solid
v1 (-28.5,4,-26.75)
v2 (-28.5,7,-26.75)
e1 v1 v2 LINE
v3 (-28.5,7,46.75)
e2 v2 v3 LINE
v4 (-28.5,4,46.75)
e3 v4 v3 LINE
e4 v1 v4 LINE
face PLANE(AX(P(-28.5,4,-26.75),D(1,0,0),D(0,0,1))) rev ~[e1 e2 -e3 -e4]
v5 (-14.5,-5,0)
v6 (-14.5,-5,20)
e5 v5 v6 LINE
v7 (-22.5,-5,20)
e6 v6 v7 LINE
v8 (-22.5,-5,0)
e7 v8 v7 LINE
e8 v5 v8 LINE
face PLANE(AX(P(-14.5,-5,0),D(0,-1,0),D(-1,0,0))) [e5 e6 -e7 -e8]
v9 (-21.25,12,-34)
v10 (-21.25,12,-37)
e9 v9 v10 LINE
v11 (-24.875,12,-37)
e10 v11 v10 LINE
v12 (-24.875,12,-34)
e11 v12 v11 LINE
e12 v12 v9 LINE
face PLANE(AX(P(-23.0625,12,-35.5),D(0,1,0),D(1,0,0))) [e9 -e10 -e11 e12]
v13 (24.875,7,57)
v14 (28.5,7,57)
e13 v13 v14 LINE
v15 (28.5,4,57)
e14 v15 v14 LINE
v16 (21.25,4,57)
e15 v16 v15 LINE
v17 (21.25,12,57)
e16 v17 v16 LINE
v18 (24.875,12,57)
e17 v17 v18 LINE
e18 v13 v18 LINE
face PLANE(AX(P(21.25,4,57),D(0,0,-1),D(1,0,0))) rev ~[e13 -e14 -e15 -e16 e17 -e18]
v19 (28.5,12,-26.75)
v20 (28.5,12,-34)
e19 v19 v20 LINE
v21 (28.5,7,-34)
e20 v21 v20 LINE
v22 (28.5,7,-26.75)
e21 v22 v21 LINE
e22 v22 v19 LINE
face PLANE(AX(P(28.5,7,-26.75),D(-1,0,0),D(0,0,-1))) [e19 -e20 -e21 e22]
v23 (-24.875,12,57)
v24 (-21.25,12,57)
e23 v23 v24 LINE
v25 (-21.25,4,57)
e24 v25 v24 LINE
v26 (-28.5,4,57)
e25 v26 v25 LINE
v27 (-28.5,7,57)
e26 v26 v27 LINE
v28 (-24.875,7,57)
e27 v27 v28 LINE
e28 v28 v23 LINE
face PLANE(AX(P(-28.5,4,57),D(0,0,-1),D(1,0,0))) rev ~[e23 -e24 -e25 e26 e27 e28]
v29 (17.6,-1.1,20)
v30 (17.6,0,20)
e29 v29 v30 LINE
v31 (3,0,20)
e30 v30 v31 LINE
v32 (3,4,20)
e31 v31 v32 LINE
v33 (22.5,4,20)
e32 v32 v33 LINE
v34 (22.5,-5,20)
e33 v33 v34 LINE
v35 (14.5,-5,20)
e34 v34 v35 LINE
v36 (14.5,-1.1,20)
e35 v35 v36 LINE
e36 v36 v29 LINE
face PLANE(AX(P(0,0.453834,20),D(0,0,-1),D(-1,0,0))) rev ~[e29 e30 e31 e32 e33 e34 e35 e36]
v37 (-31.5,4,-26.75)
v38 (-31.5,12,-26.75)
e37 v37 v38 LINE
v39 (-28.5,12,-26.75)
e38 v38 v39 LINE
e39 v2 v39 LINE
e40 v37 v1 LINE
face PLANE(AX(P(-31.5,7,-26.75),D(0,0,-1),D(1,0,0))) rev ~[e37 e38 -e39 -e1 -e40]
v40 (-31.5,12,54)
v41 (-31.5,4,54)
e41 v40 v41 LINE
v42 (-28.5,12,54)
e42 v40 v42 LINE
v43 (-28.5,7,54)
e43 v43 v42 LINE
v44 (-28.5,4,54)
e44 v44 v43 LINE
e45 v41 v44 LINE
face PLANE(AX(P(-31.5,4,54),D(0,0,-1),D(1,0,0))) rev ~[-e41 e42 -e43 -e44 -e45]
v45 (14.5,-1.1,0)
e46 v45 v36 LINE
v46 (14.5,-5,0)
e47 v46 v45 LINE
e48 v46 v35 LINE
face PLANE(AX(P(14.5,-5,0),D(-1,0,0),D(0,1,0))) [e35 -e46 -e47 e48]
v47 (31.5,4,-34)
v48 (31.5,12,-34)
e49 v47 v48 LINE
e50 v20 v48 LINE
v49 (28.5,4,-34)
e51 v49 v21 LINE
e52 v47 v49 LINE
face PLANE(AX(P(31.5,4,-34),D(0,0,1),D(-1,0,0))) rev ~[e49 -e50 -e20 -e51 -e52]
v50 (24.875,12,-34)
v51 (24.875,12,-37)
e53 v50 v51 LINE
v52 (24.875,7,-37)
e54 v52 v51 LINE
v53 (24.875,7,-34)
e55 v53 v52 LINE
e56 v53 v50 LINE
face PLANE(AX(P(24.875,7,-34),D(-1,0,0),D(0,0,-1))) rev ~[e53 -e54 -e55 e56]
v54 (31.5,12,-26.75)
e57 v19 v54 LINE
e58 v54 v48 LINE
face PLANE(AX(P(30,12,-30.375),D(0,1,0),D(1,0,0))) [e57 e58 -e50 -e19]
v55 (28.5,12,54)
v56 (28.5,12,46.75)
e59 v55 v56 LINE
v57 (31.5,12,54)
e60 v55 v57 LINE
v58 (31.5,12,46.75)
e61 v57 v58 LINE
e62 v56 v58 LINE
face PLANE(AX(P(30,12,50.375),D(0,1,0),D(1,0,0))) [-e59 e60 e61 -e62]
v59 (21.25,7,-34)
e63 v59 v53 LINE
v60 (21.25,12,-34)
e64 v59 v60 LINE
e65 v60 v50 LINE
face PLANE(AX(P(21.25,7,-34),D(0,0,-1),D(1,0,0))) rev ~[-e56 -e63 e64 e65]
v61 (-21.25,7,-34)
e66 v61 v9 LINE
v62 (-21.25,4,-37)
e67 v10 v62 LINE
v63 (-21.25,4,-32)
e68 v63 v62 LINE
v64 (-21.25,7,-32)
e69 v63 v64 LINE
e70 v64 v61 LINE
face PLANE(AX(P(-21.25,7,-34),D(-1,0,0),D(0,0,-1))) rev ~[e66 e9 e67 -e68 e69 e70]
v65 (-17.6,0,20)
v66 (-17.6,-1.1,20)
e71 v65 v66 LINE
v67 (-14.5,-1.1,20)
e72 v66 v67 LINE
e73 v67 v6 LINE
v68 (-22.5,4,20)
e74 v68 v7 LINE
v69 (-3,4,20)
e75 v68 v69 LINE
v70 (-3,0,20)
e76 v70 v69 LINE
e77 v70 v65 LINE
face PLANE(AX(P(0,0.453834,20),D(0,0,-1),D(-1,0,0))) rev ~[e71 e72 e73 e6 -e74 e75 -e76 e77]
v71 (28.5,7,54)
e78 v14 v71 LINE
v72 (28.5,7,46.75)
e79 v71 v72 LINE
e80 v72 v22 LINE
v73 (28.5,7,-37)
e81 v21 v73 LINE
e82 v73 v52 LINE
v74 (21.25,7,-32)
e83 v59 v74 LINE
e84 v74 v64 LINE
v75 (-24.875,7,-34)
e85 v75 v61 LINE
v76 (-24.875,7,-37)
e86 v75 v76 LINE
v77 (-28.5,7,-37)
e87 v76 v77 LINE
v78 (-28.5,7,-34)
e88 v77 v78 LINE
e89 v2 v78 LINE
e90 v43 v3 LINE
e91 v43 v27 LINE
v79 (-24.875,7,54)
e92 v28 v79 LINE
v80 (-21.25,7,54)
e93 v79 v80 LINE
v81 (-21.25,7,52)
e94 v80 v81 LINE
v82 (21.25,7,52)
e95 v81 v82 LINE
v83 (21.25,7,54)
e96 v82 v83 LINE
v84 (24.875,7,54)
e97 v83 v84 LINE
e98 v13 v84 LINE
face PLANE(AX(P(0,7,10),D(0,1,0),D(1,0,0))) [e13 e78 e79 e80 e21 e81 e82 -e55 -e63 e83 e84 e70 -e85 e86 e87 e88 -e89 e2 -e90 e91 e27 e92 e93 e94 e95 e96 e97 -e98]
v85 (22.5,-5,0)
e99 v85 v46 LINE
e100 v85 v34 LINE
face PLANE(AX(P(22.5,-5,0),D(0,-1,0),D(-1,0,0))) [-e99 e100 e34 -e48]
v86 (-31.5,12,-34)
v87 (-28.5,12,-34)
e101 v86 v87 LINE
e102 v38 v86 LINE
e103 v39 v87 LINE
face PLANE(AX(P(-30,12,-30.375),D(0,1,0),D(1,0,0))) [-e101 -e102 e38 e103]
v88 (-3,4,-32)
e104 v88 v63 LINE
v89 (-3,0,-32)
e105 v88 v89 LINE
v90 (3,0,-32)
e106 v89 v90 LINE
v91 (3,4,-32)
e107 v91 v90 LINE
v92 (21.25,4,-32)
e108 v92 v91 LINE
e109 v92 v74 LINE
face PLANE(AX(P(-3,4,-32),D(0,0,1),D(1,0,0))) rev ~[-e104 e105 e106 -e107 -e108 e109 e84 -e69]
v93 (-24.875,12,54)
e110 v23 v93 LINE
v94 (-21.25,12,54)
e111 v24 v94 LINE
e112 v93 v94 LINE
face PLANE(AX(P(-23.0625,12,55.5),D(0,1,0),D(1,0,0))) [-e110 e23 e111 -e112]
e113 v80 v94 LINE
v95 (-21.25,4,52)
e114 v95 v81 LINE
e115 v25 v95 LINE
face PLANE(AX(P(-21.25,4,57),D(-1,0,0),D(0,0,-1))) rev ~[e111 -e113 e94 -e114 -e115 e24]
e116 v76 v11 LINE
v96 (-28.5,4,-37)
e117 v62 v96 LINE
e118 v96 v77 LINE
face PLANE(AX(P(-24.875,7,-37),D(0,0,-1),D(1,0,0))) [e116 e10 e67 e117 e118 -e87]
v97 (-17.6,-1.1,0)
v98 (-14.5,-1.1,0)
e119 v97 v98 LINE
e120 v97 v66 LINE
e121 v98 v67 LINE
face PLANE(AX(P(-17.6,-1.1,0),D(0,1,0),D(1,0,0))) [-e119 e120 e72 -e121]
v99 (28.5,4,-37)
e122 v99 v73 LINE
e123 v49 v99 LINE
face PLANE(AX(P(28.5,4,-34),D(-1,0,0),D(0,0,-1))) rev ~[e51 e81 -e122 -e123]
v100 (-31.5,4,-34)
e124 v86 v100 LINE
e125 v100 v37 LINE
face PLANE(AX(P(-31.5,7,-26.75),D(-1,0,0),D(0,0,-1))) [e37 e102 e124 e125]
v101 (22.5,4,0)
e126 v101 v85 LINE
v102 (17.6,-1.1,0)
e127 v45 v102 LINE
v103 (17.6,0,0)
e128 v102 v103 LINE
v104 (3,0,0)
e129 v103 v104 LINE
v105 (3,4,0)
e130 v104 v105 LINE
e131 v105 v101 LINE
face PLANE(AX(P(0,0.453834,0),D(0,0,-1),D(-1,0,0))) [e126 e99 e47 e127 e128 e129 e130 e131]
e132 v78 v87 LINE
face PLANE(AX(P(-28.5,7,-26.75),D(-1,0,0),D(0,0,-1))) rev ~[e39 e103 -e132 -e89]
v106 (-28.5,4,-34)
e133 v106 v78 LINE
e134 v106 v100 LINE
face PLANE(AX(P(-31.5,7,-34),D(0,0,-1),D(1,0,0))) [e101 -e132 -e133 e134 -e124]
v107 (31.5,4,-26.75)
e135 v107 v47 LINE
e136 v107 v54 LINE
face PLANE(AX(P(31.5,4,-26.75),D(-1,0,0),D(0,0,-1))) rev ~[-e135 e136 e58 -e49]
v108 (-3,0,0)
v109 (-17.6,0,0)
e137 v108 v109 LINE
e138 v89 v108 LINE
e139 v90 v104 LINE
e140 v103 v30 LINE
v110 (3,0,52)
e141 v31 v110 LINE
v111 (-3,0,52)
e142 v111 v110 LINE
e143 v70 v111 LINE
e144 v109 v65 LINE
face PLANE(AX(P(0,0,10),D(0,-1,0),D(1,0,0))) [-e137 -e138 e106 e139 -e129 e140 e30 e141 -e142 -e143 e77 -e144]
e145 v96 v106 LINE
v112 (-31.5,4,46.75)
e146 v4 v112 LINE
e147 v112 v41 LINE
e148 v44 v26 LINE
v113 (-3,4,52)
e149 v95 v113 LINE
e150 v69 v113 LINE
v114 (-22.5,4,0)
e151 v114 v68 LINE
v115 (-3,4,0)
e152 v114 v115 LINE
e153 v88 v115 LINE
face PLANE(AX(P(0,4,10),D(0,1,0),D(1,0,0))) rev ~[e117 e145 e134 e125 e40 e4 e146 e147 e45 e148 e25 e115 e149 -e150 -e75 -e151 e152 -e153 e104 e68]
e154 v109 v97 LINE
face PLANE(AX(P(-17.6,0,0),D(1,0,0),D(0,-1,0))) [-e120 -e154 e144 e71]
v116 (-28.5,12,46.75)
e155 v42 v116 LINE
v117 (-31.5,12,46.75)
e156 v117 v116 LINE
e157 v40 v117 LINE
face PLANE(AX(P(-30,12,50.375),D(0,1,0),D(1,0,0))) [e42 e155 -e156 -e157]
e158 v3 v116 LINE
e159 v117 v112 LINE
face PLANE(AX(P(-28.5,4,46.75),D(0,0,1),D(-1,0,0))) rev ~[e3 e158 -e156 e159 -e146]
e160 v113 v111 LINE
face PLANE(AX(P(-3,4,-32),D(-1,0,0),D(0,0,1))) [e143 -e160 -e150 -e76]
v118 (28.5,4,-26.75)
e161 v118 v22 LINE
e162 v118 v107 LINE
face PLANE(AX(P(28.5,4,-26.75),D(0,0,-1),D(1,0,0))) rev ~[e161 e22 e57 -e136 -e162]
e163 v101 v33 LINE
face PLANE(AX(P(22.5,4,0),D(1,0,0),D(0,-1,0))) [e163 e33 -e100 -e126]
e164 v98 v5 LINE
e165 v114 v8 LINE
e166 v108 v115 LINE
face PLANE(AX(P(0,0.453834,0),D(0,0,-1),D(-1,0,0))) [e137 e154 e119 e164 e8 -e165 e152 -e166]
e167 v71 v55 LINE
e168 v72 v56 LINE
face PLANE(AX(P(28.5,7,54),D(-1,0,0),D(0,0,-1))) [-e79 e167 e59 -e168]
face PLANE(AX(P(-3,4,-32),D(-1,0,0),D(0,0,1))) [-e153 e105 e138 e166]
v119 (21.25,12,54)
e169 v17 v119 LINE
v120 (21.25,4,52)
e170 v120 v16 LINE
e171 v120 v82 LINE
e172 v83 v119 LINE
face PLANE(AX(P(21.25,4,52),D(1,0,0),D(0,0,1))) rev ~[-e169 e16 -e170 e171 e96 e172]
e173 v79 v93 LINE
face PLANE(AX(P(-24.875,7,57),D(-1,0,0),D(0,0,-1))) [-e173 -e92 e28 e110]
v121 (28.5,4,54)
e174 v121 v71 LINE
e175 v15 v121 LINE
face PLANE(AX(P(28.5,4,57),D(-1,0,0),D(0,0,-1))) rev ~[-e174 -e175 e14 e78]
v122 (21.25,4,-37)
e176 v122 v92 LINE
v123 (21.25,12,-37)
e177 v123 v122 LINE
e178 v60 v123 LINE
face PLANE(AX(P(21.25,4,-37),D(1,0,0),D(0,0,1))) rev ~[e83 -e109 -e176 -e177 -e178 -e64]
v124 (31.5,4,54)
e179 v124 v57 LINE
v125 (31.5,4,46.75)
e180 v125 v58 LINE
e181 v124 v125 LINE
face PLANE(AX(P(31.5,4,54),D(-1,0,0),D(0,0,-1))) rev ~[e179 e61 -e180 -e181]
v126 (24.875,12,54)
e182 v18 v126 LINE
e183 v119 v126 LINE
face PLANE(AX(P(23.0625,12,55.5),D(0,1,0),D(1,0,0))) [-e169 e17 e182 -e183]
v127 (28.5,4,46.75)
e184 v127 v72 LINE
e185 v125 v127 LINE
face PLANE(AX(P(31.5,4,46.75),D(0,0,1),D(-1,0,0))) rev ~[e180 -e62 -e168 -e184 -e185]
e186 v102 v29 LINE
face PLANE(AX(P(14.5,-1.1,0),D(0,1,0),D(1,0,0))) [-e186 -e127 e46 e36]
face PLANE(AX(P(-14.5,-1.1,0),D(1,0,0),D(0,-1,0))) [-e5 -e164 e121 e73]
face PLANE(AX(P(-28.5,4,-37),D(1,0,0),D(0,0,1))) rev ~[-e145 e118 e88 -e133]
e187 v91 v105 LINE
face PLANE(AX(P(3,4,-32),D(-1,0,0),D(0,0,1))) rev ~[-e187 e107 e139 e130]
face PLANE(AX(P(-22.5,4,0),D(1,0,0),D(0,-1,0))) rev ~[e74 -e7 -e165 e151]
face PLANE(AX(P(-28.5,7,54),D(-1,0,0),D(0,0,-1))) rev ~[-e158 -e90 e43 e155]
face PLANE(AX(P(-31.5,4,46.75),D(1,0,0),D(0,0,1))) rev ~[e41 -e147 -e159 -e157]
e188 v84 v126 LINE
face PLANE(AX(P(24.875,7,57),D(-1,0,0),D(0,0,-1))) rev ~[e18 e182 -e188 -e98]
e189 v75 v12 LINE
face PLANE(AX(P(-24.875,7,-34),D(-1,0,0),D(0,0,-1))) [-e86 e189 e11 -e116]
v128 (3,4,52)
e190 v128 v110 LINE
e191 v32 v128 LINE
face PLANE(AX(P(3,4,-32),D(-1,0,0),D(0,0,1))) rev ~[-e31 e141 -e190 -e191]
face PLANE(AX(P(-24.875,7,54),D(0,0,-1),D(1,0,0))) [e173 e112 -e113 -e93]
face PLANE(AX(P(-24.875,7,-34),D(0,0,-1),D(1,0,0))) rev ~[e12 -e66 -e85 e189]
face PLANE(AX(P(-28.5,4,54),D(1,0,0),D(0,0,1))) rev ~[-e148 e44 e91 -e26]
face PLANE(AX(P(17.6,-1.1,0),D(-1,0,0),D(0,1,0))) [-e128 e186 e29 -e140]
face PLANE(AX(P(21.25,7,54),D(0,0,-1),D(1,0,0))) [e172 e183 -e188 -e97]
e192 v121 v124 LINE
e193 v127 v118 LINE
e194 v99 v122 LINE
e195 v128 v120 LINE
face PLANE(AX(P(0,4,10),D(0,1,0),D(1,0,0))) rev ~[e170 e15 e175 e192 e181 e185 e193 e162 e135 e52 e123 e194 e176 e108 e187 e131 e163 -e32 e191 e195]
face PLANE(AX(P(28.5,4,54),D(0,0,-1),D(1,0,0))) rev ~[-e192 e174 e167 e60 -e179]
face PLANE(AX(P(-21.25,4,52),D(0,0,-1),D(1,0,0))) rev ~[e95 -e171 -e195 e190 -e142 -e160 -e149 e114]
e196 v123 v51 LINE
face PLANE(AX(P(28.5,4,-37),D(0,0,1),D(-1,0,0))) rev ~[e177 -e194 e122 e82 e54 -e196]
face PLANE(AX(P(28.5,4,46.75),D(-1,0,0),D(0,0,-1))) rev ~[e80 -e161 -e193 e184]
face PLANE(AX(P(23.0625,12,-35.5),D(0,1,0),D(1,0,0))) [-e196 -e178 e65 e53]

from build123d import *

# Parameters (mm, degrees)
BOSS_EXTRUDE1_DEPTH = 20
BOSS_EXTRUDE2_DEPTH = 3
SKETCH4_W           = 3
SKETCH4_H           = 7.25
BOSS_EXTRUDE3_DEPTH = 5
SKETCH5_W           = 3.625
SKETCH5_H           = 3
BOSS_EXTRUDE4_DEPTH = 5
SKETCH6_W           = 6
SKETCH6_H           = 84
BOSS_EXTRUDE5_DEPTH = 4


with BuildPart() as part:
    # Sketch2 → Boss-Extrude1 (new body)
    with BuildSketch(Plane.XY):
        Polygon((-17.6, 0), (-17.6, -1.1), (-14.5, -1.1), (-14.5, -5), (-22.5, -5), (-22.5, 0), (-22.5, 4), (22.5, 4), (22.5, -5), (14.5, -5), (14.5, -1.1), (17.6, -1.1), (17.6, 0), align=None)
    extrude(amount=BOSS_EXTRUDE1_DEPTH)

    # Sketch3 → Boss-Extrude2 (add)
    with BuildSketch(Plane(origin=(0, 4, 0), x_dir=(1, 0, 0), z_dir=(0, 1, 0))):
        Polygon((-21.25, -52), (21.25, -52), (21.25, -54), (21.25, -57), (28.5, -57), (28.5, -54), (31.5, -54), (31.5, -46.75), (28.5, -46.75), (28.5, 26.75), (31.5, 26.75), (31.5, 34), (28.5, 34), (28.5, 37), (21.25, 37), (21.25, 34), (21.25, 32), (-21.25, 32), (-21.25, 34), (-21.25, 37), (-28.5, 37), (-28.5, 34), (-31.5, 34), (-31.5, 26.75), (-28.5, 26.75), (-28.5, -46.75), (-31.5, -46.75), (-31.5, -54), (-28.5, -54), (-28.5, -57), (-21.25, -57), (-21.25, -54), align=None)
    extrude(amount=BOSS_EXTRUDE2_DEPTH)

    # Sketch4 → Boss-Extrude3 (add)
    with BuildSketch(Plane(origin=(0, 7, 0), x_dir=(1, 0, 0), z_dir=(0, 1, 0))):
        with Locations((-30, 30.375)):
            Rectangle(SKETCH4_W, SKETCH4_H)
        with Locations((30, 30.375)):
            Rectangle(SKETCH4_W, SKETCH4_H)
        with Locations((30, -50.375)):
            Rectangle(SKETCH4_W, SKETCH4_H)
        with Locations((-30, -50.375)):
            Rectangle(SKETCH4_W, SKETCH4_H)
    extrude(amount=BOSS_EXTRUDE3_DEPTH)

    # Sketch5 → Boss-Extrude4 (add)
    with BuildSketch(Plane(origin=(0, 7, 0), x_dir=(1, 0, 0), z_dir=(0, 1, 0))):
        with Locations((-23.0625, 35.5)):
            Rectangle(SKETCH5_W, SKETCH5_H)
        with Locations((23.0625, 35.5)):
            Rectangle(SKETCH5_W, SKETCH5_H)
        with Locations((23.0625, -55.5)):
            Rectangle(SKETCH5_W, SKETCH5_H)
        with Locations((-23.0625, -55.5)):
            Rectangle(SKETCH5_W, SKETCH5_H)
    extrude(amount=BOSS_EXTRUDE4_DEPTH)

    # Sketch6 → Boss-Extrude5 (add)
    with BuildSketch(Plane.XZ.offset(-4)):
        with Locations((0, 10)):
            Rectangle(SKETCH6_W, SKETCH6_H)
    extrude(amount=BOSS_EXTRUDE5_DEPTH)


solid = part.part
